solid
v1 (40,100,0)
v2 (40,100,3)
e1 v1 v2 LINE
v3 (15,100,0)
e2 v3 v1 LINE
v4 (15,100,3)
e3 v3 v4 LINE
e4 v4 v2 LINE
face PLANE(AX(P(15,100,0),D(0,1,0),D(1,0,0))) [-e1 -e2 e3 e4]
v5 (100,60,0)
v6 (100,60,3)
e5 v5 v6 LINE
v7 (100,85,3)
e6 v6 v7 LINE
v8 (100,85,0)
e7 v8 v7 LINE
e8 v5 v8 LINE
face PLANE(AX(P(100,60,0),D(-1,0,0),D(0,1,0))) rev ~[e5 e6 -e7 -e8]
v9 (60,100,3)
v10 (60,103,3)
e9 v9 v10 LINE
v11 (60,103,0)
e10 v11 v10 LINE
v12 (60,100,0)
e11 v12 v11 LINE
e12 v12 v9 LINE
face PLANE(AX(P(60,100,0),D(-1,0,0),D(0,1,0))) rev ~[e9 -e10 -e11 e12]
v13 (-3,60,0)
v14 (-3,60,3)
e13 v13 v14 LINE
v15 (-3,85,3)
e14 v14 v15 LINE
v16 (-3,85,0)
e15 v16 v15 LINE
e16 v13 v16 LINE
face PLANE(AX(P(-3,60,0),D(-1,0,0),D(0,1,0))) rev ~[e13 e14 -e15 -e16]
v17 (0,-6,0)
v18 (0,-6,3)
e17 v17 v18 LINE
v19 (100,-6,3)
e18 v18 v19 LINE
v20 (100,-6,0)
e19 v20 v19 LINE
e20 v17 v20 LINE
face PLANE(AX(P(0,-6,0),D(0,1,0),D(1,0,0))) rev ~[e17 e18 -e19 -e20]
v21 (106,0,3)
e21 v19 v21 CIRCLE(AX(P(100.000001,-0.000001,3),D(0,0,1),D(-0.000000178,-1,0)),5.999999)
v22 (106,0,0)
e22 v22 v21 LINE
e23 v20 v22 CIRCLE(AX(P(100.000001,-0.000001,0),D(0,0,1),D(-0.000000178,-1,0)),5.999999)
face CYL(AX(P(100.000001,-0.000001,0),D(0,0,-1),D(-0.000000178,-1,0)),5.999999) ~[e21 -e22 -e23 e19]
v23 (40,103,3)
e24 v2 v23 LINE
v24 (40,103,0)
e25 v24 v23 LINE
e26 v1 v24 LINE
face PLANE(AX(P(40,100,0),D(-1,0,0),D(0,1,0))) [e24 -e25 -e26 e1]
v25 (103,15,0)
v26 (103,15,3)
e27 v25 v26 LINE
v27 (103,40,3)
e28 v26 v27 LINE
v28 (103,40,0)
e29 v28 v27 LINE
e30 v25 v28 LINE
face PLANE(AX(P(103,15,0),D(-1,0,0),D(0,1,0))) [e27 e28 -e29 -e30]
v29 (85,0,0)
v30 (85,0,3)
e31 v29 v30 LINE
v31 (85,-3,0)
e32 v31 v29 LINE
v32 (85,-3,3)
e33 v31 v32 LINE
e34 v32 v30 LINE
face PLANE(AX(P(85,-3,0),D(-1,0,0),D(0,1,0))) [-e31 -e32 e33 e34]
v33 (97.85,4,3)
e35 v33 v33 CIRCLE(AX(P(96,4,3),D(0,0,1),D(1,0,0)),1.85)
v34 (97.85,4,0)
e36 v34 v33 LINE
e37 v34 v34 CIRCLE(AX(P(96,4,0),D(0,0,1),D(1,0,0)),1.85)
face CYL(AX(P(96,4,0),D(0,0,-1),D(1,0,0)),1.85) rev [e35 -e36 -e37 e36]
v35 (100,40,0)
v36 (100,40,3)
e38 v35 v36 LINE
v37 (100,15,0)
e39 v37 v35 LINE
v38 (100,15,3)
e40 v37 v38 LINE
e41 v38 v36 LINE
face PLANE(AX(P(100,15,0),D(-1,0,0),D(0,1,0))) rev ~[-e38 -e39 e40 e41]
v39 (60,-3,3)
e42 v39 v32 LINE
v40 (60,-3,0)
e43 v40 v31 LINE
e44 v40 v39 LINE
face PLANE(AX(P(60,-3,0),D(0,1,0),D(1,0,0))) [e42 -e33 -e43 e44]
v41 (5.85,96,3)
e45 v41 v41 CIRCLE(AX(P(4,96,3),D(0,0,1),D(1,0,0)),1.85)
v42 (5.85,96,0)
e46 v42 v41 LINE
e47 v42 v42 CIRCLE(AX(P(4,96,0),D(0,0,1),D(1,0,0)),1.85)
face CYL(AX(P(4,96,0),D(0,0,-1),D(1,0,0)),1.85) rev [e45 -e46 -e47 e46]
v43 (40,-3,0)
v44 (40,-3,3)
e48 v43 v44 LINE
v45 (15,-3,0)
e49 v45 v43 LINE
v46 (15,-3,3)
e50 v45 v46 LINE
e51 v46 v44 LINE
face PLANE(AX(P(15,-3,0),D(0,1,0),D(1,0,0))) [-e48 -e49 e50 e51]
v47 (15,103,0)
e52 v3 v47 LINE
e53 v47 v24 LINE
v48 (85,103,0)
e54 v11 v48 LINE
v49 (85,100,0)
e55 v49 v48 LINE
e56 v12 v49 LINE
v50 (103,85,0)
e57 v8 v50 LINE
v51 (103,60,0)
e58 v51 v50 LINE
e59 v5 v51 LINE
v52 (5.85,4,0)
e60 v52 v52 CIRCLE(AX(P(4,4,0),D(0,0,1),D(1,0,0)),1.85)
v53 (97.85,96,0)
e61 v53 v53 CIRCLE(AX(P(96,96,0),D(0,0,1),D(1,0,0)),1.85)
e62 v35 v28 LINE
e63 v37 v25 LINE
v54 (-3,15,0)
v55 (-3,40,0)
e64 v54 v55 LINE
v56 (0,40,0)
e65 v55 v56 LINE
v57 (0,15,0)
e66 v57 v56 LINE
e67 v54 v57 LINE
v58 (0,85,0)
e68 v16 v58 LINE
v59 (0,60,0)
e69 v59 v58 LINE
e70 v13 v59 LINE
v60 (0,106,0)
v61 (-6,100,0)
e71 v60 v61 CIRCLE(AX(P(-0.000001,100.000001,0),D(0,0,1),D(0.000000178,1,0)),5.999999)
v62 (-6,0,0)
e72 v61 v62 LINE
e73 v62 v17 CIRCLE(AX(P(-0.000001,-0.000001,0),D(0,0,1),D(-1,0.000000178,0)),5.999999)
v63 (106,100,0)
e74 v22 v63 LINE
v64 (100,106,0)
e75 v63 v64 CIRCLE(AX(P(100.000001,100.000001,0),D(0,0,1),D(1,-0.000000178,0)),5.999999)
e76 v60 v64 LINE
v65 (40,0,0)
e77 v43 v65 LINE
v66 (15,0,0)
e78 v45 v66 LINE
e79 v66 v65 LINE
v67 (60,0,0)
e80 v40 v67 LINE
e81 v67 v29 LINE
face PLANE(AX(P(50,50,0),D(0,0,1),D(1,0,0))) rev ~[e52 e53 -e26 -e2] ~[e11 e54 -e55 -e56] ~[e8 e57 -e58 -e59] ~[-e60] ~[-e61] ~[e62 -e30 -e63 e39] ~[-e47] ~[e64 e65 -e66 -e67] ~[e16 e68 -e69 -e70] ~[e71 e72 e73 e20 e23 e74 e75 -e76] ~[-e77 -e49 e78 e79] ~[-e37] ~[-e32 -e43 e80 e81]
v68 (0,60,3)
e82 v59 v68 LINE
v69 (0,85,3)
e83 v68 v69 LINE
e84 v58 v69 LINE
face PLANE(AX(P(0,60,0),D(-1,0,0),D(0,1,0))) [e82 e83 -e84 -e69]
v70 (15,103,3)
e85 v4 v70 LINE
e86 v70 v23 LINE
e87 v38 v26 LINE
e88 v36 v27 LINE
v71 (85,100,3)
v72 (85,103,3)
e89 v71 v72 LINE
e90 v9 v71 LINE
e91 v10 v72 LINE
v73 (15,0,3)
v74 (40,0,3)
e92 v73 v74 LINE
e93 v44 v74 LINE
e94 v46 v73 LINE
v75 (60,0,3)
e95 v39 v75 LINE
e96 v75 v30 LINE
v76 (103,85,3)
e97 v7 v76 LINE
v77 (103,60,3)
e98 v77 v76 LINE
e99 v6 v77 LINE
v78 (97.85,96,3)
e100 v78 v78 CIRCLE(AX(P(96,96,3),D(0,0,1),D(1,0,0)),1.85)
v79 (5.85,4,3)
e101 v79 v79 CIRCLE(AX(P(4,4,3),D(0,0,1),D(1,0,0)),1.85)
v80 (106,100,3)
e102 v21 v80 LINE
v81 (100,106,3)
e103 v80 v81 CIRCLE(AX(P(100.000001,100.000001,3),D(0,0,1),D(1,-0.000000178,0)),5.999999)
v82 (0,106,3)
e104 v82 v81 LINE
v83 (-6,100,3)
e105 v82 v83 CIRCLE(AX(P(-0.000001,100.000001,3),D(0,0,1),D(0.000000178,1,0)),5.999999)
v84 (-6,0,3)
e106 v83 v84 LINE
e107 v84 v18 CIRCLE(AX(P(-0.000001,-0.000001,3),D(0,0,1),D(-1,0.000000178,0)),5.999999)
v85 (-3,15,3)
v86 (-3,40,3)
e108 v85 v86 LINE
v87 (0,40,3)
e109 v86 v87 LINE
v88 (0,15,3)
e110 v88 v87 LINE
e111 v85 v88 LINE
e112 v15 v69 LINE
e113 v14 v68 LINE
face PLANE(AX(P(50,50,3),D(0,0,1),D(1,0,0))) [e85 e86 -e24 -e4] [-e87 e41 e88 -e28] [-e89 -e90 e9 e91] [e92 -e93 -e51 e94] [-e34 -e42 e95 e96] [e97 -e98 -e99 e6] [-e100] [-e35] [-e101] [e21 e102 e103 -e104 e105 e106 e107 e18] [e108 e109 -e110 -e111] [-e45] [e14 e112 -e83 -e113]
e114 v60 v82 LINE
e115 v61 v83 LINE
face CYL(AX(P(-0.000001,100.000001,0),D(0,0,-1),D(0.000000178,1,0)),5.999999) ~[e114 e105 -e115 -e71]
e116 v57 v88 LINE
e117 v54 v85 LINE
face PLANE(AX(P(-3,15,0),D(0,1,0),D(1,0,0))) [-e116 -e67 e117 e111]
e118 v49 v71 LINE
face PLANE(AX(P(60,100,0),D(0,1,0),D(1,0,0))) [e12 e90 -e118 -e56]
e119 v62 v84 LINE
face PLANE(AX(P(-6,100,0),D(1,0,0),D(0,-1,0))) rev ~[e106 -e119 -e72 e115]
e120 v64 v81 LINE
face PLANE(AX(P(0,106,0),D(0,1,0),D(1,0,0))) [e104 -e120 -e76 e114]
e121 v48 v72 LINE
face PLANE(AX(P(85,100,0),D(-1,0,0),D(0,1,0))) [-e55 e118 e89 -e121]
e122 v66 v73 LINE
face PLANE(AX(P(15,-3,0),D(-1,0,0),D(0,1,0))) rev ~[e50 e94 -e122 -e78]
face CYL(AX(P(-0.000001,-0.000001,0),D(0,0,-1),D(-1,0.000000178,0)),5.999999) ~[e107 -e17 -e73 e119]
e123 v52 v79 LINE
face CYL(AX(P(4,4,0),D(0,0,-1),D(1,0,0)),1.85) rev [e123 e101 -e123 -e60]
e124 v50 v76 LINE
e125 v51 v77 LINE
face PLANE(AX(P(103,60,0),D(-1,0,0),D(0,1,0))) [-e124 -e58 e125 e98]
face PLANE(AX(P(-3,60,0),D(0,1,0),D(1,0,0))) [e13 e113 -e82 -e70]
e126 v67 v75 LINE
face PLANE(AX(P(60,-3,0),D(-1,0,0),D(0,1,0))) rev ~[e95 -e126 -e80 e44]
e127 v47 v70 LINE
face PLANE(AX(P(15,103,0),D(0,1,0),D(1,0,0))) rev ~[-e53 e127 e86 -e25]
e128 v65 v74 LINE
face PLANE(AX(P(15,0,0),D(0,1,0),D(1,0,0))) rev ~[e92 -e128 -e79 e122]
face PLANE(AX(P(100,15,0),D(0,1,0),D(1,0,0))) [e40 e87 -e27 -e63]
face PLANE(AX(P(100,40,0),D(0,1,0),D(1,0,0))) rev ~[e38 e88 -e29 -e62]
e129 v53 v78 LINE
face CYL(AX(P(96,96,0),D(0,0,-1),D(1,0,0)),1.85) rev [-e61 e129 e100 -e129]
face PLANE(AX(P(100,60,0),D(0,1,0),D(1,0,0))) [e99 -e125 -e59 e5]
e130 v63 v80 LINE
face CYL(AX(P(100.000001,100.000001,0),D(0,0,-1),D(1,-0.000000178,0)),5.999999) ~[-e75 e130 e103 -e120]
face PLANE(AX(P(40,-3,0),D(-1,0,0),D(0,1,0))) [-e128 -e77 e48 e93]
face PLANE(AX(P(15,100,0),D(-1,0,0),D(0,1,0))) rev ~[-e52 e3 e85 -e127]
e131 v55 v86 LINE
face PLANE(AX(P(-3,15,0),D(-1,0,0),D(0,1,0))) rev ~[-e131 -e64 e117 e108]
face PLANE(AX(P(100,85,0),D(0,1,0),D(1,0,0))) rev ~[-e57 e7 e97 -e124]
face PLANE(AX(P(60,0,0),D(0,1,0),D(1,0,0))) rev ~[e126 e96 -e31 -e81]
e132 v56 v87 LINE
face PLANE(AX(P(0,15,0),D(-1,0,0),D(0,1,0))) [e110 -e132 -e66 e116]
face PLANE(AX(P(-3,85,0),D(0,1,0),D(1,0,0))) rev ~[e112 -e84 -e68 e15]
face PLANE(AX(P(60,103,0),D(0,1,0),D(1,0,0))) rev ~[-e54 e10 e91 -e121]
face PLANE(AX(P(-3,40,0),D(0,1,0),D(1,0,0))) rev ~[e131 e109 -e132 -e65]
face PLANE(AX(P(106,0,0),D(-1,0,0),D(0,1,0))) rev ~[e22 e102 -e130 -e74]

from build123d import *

# Parameters (mm, degrees)
SKETCH_R      = 1.85
SKETCH_W      = 25
SKETCH_H      = 3
SKETCH_W_2    = 3
SKETCH_H_2    = 25
EXTRUDE_DEPTH = 3


with BuildPart() as part:
    # Sketch → Extrude (new body)
    with BuildSketch(Plane.XY):
        with BuildLine():
            ThreePointArc((0, 106), (-4.242641, 104.242641), (-6, 100))
            Line((-6, 100), (-6, 0))
            ThreePointArc((-6, 0), (-4.242641, -4.242641), (0, -6))
            Line((0, -6), (100, -6))
            ThreePointArc((100, -6), (104.242641, -4.242641), (106, 0))
            Line((106, 0), (106, 100))
            ThreePointArc((106, 100), (104.242641, 104.242641), (100, 106))
            Line((0, 106), (100, 106))
        make_face()
        with Locations((4, 96)):
            Circle(SKETCH_R, mode=Mode.SUBTRACT)
        with Locations((96, 96)):
            Circle(SKETCH_R, mode=Mode.SUBTRACT)
        with Locations((96, 4)):
            Circle(SKETCH_R, mode=Mode.SUBTRACT)
        with Locations((4, 4)):
            Circle(SKETCH_R, mode=Mode.SUBTRACT)
        with Locations((27.5, 101.5)):
            Rectangle(SKETCH_W, SKETCH_H, mode=Mode.SUBTRACT)
        with Locations((72.5, 101.5)):
            Rectangle(SKETCH_W, SKETCH_H, mode=Mode.SUBTRACT)
        with Locations((101.5, 72.5)):
            Rectangle(SKETCH_W_2, SKETCH_H_2, mode=Mode.SUBTRACT)
        with Locations((101.5, 27.5)):
            Rectangle(SKETCH_W_2, SKETCH_H_2, mode=Mode.SUBTRACT)
        with Locations((72.5, -1.5)):
            Rectangle(SKETCH_W, SKETCH_H, mode=Mode.SUBTRACT)
        with Locations((27.5, -1.5)):
            Rectangle(SKETCH_W, SKETCH_H, mode=Mode.SUBTRACT)
        with Locations((-1.5, 27.5)):
            Rectangle(SKETCH_W_2, SKETCH_H_2, mode=Mode.SUBTRACT)
        with Locations((-1.5, 72.5)):
            Rectangle(SKETCH_W_2, SKETCH_H_2, mode=Mode.SUBTRACT)
    extrude(amount=EXTRUDE_DEPTH)


solid = part.part
